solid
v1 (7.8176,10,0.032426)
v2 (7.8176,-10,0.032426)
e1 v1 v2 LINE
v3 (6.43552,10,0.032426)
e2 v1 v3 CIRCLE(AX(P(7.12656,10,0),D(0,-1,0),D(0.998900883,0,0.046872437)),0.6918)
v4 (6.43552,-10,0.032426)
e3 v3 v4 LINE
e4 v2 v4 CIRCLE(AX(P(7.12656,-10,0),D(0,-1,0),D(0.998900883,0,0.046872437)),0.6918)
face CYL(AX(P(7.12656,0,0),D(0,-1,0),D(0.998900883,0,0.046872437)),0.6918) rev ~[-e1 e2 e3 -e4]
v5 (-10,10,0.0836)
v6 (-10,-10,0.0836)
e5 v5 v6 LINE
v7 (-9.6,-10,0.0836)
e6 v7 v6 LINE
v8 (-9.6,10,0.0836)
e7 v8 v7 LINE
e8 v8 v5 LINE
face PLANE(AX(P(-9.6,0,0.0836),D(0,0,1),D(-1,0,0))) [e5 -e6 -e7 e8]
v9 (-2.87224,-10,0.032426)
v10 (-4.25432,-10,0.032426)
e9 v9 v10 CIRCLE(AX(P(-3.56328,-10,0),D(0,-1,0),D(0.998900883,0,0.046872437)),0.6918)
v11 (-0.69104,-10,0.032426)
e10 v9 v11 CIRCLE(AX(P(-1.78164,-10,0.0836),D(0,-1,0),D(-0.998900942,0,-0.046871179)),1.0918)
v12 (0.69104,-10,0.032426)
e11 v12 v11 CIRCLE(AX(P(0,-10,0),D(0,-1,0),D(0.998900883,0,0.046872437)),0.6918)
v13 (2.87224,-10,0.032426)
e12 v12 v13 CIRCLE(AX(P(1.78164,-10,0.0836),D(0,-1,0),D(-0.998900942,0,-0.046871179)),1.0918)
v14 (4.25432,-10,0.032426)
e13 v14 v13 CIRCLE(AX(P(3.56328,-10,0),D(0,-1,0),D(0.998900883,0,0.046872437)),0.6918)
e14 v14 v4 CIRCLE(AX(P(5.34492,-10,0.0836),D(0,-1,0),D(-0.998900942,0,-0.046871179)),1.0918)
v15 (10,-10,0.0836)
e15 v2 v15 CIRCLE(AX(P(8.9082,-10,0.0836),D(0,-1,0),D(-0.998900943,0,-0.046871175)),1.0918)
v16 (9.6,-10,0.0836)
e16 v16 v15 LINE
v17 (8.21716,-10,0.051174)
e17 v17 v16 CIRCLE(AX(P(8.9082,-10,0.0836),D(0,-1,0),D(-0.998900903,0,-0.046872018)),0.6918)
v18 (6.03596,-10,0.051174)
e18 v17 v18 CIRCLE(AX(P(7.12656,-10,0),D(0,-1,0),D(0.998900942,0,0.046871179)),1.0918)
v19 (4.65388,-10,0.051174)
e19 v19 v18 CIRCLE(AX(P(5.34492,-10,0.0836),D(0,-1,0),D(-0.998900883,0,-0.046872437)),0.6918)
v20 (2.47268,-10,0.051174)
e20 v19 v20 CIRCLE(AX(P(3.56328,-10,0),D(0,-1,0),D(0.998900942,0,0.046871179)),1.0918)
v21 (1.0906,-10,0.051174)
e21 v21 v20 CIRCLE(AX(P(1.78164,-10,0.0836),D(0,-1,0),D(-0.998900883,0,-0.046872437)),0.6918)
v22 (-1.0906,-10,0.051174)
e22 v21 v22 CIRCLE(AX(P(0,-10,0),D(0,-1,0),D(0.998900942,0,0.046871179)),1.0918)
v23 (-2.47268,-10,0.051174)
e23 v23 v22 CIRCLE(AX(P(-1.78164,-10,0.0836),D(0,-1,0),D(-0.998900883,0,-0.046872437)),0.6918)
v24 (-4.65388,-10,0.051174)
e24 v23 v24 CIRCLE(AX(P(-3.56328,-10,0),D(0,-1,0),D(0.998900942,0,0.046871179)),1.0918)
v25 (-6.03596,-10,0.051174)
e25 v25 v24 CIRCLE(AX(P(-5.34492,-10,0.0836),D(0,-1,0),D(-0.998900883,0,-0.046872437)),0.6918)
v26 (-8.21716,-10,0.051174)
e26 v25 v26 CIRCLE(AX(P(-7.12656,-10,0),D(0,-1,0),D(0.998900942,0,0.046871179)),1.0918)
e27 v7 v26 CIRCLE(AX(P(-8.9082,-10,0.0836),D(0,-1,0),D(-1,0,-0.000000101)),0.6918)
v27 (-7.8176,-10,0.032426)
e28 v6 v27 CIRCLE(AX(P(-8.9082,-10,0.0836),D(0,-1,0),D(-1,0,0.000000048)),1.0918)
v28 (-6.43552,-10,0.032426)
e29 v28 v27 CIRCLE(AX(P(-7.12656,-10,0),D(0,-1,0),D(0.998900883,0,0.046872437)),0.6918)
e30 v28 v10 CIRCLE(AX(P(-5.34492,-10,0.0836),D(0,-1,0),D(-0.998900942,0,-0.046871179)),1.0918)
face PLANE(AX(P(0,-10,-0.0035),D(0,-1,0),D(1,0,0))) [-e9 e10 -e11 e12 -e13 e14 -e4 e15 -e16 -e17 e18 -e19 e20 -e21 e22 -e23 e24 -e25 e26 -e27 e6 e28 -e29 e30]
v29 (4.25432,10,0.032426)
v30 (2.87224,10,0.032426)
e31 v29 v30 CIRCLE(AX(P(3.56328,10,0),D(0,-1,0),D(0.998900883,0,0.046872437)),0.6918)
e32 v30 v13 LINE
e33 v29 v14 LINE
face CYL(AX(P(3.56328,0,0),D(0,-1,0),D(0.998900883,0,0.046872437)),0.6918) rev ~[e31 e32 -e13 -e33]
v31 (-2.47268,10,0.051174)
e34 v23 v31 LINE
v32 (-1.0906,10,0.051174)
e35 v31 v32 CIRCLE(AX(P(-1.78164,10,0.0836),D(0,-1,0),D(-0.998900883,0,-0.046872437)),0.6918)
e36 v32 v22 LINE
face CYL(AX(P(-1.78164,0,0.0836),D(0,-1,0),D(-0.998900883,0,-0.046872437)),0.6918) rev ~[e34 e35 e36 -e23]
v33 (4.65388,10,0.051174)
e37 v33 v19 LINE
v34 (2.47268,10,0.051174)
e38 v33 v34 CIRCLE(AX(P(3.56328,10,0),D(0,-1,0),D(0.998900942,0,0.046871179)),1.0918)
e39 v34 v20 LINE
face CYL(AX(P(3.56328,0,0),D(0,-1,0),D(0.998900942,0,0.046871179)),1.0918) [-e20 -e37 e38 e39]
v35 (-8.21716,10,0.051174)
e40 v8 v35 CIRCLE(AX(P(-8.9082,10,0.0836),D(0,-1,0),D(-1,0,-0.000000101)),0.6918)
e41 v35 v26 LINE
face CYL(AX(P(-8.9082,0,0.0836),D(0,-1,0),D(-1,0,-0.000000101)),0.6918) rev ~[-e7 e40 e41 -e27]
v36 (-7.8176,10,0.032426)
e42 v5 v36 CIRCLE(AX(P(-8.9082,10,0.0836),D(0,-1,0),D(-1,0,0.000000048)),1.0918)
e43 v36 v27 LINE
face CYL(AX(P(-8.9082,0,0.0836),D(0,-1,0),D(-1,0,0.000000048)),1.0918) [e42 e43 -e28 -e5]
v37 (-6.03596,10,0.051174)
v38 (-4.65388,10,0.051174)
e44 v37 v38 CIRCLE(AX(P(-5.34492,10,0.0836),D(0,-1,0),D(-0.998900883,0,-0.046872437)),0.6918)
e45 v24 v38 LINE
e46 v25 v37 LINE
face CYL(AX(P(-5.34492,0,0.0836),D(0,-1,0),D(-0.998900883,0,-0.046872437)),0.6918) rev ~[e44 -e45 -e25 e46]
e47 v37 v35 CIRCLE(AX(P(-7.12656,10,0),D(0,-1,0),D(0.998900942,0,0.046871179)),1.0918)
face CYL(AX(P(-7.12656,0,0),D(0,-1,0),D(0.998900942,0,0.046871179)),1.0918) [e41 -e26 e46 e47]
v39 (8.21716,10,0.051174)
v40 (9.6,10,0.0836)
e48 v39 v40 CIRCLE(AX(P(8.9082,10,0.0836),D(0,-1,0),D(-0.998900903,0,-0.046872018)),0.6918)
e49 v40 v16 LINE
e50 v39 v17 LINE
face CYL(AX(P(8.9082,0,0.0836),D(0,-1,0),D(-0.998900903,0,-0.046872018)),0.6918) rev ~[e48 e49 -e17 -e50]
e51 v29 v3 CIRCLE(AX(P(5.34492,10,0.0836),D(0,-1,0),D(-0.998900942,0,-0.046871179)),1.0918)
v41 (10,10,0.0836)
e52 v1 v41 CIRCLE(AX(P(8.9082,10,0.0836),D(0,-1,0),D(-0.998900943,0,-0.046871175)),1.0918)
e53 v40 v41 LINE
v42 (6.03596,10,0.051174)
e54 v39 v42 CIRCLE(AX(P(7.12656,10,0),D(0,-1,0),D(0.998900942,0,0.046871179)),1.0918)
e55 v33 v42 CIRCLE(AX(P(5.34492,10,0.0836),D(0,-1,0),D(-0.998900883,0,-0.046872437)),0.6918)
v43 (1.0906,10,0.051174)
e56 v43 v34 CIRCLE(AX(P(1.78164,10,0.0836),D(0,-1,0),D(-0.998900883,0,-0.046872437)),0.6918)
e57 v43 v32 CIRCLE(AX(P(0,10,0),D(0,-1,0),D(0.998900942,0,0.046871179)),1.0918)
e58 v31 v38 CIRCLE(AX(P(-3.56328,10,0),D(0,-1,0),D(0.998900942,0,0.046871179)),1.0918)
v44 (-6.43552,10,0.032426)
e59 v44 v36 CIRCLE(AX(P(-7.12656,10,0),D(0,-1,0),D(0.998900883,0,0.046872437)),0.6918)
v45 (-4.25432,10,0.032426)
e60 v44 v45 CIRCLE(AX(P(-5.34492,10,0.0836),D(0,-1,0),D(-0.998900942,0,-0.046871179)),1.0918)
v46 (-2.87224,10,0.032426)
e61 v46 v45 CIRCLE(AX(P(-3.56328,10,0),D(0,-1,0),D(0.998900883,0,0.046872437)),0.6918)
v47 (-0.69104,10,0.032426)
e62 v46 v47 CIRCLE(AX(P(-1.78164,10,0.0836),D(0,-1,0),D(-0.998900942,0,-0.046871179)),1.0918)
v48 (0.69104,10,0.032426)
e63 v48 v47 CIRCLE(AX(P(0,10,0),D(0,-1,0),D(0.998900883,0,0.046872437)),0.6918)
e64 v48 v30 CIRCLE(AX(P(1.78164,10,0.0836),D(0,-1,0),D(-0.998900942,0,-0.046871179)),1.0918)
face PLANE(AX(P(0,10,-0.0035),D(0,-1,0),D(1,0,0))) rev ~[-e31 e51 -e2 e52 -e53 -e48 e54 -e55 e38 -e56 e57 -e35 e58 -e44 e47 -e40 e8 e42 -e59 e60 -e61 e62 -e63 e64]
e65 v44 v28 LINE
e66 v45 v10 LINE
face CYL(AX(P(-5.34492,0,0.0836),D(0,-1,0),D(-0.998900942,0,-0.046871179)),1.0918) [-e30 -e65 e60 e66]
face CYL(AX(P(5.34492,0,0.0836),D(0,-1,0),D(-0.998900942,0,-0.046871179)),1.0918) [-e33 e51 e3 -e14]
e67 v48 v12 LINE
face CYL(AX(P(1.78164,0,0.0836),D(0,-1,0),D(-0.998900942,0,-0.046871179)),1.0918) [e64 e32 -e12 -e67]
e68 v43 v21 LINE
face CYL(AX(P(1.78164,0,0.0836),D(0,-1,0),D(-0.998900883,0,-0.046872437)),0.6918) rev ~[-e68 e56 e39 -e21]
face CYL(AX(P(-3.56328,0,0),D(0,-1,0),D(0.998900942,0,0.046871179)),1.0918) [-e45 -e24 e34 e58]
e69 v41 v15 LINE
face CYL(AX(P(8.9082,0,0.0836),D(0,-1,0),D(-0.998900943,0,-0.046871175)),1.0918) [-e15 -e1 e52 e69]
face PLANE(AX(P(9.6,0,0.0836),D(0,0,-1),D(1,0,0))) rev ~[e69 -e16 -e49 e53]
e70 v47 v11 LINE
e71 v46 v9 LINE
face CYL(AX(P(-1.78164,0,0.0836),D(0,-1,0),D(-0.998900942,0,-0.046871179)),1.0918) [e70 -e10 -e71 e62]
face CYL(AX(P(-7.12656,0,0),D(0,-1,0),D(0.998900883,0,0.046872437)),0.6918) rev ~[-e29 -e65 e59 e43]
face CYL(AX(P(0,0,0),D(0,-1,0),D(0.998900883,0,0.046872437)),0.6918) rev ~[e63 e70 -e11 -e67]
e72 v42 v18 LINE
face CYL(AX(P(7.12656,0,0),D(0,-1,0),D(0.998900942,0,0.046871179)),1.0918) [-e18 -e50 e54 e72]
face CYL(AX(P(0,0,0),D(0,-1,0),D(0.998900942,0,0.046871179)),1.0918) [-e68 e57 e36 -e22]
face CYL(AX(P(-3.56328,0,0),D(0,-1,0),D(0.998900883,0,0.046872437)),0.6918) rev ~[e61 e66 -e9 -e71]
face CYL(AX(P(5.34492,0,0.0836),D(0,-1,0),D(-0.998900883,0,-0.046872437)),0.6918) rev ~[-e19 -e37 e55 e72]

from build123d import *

# Parameters (mm, degrees)
PAD_DEPTH = 10


with BuildPart() as part:
    # Sketch → Pad (new body, symmetric)
    with BuildSketch(Plane.XZ):
        with BuildLine():
            ThreePointArc((-6.03596, 0.051174), (-7.12656, 1.0918), (-8.21716, 0.051174))
            ThreePointArc((-9.6, 0.0836), (-8.924417, -0.60801), (-8.21716, 0.051174))
            Line((-9.6, 0.0836), (-10, 0.0836))
            ThreePointArc((-10, 0.0836), (-8.933794, -1.0079), (-7.8176, 0.032426))
            ThreePointArc((-6.43552, 0.032426), (-7.12656, 0.6918), (-7.8176, 0.032426))
            ThreePointArc((-6.43552, 0.032426), (-5.34492, -1.0082), (-4.25432, 0.032426))
            ThreePointArc((-2.87224, 0.032426), (-3.56328, 0.6918), (-4.25432, 0.032426))
            ThreePointArc((-2.87224, 0.032426), (-1.78164, -1.0082), (-0.69104, 0.032426))
            ThreePointArc((0.69104, 0.032426), (0, 0.6918), (-0.69104, 0.032426))
            ThreePointArc((0.69104, 0.032426), (1.78164, -1.0082), (2.87224, 0.032426))
            ThreePointArc((4.25432, 0.032426), (3.56328, 0.6918), (2.87224, 0.032426))
            ThreePointArc((4.25432, 0.032426), (5.34492, -1.0082), (6.43552, 0.032426))
            ThreePointArc((7.8176, 0.032426), (7.12656, 0.6918), (6.43552, 0.032426))
            ThreePointArc((7.8176, 0.032426), (8.933794, -1.0079), (10, 0.0836))
            Line((9.6, 0.0836), (10, 0.0836))
            ThreePointArc((8.21716, 0.051174), (8.924417, -0.60801), (9.6, 0.0836))
            ThreePointArc((8.21716, 0.051174), (7.12656, 1.0918), (6.03596, 0.051174))
            ThreePointArc((4.65388, 0.051174), (5.34492, -0.6082), (6.03596, 0.051174))
            ThreePointArc((4.65388, 0.051174), (3.56328, 1.0918), (2.47268, 0.051174))
            ThreePointArc((1.0906, 0.051174), (1.78164, -0.6082), (2.47268, 0.051174))
            ThreePointArc((1.0906, 0.051174), (0, 1.0918), (-1.0906, 0.051174))
            ThreePointArc((-2.47268, 0.051174), (-1.78164, -0.6082), (-1.0906, 0.051174))
            ThreePointArc((-2.47268, 0.051174), (-3.56328, 1.0918), (-4.65388, 0.051174))
            ThreePointArc((-6.03596, 0.051174), (-5.34492, -0.6082), (-4.65388, 0.051174))
        make_face()
    extrude(amount=PAD_DEPTH, both=True)


solid = part.part
